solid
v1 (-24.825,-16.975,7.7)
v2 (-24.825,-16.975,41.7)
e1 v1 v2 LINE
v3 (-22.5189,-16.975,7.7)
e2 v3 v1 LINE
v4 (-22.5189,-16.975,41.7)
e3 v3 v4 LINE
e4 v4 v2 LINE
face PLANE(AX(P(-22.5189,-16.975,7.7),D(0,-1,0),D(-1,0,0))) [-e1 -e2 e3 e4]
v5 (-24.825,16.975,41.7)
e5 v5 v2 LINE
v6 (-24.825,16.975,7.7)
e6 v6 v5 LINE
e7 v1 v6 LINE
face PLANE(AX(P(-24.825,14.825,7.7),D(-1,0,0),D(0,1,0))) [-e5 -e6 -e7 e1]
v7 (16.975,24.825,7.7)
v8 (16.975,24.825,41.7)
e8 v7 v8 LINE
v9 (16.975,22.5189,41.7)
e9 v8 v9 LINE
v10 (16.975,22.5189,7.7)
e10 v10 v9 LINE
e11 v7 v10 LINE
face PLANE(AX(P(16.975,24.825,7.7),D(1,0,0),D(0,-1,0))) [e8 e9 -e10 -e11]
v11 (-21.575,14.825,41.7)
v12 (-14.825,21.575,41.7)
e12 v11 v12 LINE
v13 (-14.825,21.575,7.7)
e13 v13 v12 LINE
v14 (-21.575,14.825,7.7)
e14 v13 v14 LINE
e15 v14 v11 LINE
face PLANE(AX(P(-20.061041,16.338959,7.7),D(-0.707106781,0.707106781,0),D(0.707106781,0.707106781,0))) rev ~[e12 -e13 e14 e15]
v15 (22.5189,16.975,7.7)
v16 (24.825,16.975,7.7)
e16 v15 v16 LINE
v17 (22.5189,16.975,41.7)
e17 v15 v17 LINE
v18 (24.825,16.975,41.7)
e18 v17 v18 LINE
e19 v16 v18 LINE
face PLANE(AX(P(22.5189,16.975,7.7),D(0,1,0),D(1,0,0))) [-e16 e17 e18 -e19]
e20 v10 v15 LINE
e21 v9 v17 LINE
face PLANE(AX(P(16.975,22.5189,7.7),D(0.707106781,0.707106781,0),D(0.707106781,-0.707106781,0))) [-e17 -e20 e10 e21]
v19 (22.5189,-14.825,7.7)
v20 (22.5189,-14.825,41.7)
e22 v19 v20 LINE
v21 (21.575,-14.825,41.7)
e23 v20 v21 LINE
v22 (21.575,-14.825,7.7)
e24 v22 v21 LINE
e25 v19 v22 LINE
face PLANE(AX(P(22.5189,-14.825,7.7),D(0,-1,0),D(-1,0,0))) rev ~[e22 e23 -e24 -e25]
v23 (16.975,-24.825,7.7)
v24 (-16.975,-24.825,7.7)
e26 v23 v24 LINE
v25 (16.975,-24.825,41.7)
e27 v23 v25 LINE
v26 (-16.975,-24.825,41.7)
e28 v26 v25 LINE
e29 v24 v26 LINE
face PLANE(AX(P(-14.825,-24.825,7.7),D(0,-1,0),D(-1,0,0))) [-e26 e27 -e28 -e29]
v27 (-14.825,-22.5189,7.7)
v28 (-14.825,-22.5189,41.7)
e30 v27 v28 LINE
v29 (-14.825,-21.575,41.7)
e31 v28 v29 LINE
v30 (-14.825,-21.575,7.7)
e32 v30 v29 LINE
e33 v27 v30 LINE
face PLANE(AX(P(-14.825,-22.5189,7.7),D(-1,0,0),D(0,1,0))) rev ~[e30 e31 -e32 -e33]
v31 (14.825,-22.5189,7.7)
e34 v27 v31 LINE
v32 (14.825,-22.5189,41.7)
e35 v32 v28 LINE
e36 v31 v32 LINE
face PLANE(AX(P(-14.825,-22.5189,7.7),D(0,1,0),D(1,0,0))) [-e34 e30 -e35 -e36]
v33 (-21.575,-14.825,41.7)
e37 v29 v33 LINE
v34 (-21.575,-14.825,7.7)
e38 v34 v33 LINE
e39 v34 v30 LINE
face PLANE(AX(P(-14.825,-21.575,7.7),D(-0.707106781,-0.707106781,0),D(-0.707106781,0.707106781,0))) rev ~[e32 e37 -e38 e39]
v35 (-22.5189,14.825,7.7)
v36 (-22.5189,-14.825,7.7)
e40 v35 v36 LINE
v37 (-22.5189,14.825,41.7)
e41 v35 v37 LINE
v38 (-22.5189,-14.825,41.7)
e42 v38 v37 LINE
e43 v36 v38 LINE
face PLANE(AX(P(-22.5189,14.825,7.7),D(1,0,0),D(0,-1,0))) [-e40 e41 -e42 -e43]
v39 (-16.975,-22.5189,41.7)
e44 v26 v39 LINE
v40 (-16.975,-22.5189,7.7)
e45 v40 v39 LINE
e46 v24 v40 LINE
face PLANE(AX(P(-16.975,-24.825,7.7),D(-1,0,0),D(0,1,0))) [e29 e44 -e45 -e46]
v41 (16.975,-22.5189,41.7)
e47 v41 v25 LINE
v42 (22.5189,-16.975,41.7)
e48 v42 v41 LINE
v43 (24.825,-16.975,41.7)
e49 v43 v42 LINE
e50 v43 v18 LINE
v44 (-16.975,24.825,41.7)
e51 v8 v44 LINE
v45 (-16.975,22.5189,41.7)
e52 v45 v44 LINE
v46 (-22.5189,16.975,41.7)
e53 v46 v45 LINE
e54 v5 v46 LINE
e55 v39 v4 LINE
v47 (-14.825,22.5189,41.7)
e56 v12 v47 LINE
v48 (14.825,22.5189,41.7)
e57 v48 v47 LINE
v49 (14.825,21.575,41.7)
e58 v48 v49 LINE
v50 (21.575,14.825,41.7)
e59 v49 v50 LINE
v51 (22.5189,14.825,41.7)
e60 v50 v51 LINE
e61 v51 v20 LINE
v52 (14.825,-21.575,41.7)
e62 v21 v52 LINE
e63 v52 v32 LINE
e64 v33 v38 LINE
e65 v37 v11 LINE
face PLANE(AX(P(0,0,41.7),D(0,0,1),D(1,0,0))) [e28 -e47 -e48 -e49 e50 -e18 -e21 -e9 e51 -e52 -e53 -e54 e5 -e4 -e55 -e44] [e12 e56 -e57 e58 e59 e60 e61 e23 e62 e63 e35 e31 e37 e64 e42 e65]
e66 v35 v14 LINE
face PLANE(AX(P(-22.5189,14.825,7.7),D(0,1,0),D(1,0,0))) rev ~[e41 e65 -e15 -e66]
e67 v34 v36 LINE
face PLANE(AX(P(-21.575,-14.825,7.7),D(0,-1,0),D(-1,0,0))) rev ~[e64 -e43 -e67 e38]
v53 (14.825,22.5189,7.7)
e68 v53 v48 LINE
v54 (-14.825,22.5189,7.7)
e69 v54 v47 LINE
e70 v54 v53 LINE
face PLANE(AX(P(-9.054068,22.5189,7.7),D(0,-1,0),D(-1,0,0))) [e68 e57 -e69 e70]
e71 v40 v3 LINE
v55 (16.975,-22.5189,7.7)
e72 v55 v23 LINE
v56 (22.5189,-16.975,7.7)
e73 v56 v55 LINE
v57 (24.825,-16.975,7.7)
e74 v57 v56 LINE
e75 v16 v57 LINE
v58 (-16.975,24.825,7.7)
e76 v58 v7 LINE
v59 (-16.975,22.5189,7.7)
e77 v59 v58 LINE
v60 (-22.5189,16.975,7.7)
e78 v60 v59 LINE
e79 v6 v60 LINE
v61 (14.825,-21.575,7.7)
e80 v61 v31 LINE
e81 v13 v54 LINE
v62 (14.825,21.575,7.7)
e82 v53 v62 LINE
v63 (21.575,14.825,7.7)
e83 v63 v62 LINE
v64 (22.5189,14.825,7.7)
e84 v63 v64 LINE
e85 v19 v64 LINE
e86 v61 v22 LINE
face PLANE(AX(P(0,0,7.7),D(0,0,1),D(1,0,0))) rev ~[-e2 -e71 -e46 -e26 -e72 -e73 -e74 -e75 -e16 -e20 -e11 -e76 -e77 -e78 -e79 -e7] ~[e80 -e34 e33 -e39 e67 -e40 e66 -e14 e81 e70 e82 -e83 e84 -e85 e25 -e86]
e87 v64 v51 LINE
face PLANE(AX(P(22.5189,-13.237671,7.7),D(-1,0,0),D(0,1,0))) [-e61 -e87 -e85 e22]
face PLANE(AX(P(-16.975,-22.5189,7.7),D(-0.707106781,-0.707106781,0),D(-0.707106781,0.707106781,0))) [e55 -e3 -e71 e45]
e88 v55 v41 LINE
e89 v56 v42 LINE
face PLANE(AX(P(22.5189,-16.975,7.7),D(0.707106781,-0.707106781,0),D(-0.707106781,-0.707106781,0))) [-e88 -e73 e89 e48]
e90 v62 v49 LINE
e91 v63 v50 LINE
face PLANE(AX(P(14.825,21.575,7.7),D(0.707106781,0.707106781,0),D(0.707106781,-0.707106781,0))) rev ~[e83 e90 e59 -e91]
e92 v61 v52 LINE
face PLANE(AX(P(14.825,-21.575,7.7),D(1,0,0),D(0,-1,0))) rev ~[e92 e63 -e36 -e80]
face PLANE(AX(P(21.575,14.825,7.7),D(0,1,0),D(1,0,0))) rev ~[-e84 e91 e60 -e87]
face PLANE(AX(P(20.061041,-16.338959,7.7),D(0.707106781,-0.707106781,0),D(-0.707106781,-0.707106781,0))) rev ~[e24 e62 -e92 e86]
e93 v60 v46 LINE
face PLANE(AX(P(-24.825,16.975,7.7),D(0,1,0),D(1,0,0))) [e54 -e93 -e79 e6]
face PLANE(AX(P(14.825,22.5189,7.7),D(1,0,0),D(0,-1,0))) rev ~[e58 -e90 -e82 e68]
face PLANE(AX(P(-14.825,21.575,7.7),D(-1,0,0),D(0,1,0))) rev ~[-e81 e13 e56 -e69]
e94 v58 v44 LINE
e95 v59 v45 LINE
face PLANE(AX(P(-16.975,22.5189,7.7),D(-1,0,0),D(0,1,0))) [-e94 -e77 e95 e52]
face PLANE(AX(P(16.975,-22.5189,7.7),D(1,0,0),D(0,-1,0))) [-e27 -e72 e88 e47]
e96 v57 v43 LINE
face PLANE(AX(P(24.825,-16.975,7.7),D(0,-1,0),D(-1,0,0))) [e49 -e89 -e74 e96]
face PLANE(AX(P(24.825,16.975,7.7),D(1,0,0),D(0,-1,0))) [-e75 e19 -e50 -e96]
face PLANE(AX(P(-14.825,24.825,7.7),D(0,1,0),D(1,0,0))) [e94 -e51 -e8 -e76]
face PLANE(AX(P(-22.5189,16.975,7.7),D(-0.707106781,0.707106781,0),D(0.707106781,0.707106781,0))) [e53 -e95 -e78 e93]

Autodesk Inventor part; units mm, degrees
ref_plane "YZ Plane" through (0, 0, 0) normal (1, 0, 0) x (0, 1, 0)
ref_plane "XZ Plane" through (0, 0, 0) normal (0, 1, 0) x (-1, 0, 0)
sketch "Sketch1" plane through (0, 0, 0) normal (0, 0, 1) x (1, 0, 0)
  circle A0 centre (-10, 20.9) radius 1.875 projected
  circle A1 centre (-10, -20.9) radius 1.875 projected
  circle A2 centre (10, 20.9) radius 1.875 projected
  circle A3 centre (10, -20.9) radius 1.875 projected
  circle A4 centre (20.8, -14.4) radius 2.075 projected
  circle A5 centre (20.8, 14.4) radius 2.075 projected
  circle A6 centre (-20.8, 14.4) radius 2.075 projected
  circle A7 centre (-20.8, -14.4) radius 2.075 projected
  line L0 (16.9, -16.9) -> (-16.9, -16.9) projected
  line L1 (-16.9, -16.9) -> (-16.9, 16.9) projected
  line L2 (-16.9, 16.9) -> (16.9, 16.9) projected
  line L3 (16.9, 16.9) -> (16.9, -16.9) projected
  line L4 (-17.05, 24.9) -> (-17.05, 22.55) projected
  line L5 (-17.05, 22.55) -> (-22.55, 17.05) projected
  line L6 (-22.55, 17.05) -> (-24.9, 17.05) projected
  line L7 (-24.9, 17.05) -> (-24.9, -17.05) projected
  line L8 (-24.9, -17.05) -> (-22.55, -17.05) projected
  line L9 (-22.55, -17.05) -> (-17.05, -22.55) projected
  line L10 (-17.05, -22.55) -> (-17.05, -24.9) projected
  line L11 (-17.05, -24.9) -> (17.05, -24.9) projected
  line L12 (17.05, -24.9) -> (17.05, -22.55) projected
  line L13 (17.05, -22.55) -> (22.55, -17.05) projected
  line L14 (22.55, -17.05) -> (24.9, -17.05) projected
  line L15 (24.9, -17.05) -> (24.9, 17.05) projected
  line L16 (24.9, 17.05) -> (22.55, 17.05) projected
  line L17 (22.55, 17.05) -> (17.05, 22.55) projected
  line L18 (17.05, 22.55) -> (17.05, 24.9) projected
  line L19 (17.05, 24.9) -> (-17.05, 24.9) projected
  line L20 (24.825, 16.975) -> (24.825, -16.975)
  line L21 (24.825, -16.975) -> (22.5189, -16.975)
  line L22 (22.5189, -16.975) -> (16.975, -22.5189)
  line L23 (16.975, -22.5189) -> (16.975, -24.825)
  line L24 (16.975, -24.825) -> (-16.975, -24.825)
  line L25 (-16.975, -24.825) -> (-16.975, -22.5189)
  line L26 (-16.975, -22.5189) -> (-22.5189, -16.975)
  line L27 (-22.5189, -16.975) -> (-24.825, -16.975)
  line L28 (-24.825, -16.975) -> (-24.825, 16.975)
  line L29 (-24.825, 16.975) -> (-22.5189, 16.975)
  line L30 (-22.5189, 16.975) -> (-16.975, 22.5189)
  line L31 (-16.975, 22.5189) -> (-16.975, 24.825)
  line L32 (-16.975, 24.825) -> (16.975, 24.825)
  line L33 (16.975, 24.825) -> (16.975, 22.5189)
  line L34 (16.975, 22.5189) -> (22.5189, 16.975)
  line L35 (22.5189, 16.975) -> (24.825, 16.975)
  line L36 (22.5189, -16.975) -> (22.5189, 16.975)
  line L37 (16.975, 22.5189) -> (-16.975, 22.5189)
  line L38 (-22.5189, 16.975) -> (-22.5189, -16.975)
  line L39 (-16.975, -22.5189) -> (16.975, -22.5189)
  line L40 (16.975, 24.825) -> (24.825, 24.825)
  line L41 (24.825, 24.825) -> (24.825, 16.975)
  line L42 (24.825, 24.825) -> (14.825, 24.825)
  line L43 (14.825, 24.825) -> (14.825, 21.575)
  line L44 (21.575, 14.825) -> (24.825, 14.825)
  line L45 (24.825, 14.825) -> (24.825, 24.825)
  line L46 (14.825, 21.575) -> (21.575, 14.825)
  line L47 (-21.575, 14.825) -> (-14.825, 21.575)
  line L48 (-14.825, 21.575) -> (-14.825, 24.825)
  line L49 (-24.825, 14.825) -> (-21.575, 14.825)
  line L50 (-14.825, -21.575) -> (-21.575, -14.825)
  line L51 (-21.575, -14.825) -> (-24.825, -14.825)
  line L52 (-14.825, -24.825) -> (-14.825, -21.575)
  line L53 (21.575, -14.825) -> (14.825, -21.575)
  line L54 (14.825, -21.575) -> (14.825, -24.825)
  line L55 (24.825, -14.825) -> (21.575, -14.825)
  point P0 (0, 0)
  point P1 (14.825, 14.825)
  point P2 (22.5189, 14.825)
  point P3 (22.5189, -14.825)
  point P4 (14.825, -22.5189)
  point P5 (-14.825, -22.5189)
  point P6 (-22.5189, -14.825)
  point P7 (-22.5189, 14.825)
  point P8 (-14.825, 22.5189)
  point P9 (14.825, 22.5189)
  dimension "d0" = 0.075
  dimension "d3" = 360
  dimension "d5" = 10
  dimension "d6" = 10
  dimension "d7" = 6.75
  dimension "d8" = 6.75
  dimension "d11" = 360
ref_plane "Work Plane1" through (-24.9, -24.9, 7.7) normal (0, 0, 1) x (1, 0, 0)
extrude "Extrusion1" add sketch "Sketch1" along normal blind 34 from surface at 7.7 contours L37 A0 | A0 L37 L48 L32 L43 A2 | A2 L37 | L48 L47 A6 L38 L30 L37 | L37 L31 L32 L48 | L43 L32 L33 L37 | L37 L34 L36 A5 L46 L43 | L38 A6 L49 L28 L29 | L47 L49 L38 A6 | L38 L49 A6 | L35 L20 L44 A5 L36 | A5 L36 L44 L46 | L49 A6 L38 A7 L51 L28 | L49 L38 A6 | A5 L44 L36 | L36 L44 A5 | A5 L44 L20 L55 A4 L36 | L51 A7 L38 L27 L28 | L38 L51 A7 | A4 L55 L36 | L51 L38 A7 | L51 L50 A7 L38 | L20 L21 L36 A4 L55 | L53 L55 L36 A4 | A4 L36 L22 L39 L54 L53 | L55 A4 L36 | L38 A7 L50 L52 L39 L26 | L39 L52 L24 L25 | L54 L24 L52 L39 A1 A3 | L39 L23 L24 L54 | A3 L39 | L39 A1 picked at (-9.805, 22.5731) picked at (9.805, 22.5731) picked at (-20.715, 15.8728) picked at (20.715, 15.8728) picked at (-20.715, -15.8728) picked at (20.715, -15.8728) picked at (10.195, -22.5731) picked at (-9.805, -22.5731)
properties part number "Tunnel Vertical"
